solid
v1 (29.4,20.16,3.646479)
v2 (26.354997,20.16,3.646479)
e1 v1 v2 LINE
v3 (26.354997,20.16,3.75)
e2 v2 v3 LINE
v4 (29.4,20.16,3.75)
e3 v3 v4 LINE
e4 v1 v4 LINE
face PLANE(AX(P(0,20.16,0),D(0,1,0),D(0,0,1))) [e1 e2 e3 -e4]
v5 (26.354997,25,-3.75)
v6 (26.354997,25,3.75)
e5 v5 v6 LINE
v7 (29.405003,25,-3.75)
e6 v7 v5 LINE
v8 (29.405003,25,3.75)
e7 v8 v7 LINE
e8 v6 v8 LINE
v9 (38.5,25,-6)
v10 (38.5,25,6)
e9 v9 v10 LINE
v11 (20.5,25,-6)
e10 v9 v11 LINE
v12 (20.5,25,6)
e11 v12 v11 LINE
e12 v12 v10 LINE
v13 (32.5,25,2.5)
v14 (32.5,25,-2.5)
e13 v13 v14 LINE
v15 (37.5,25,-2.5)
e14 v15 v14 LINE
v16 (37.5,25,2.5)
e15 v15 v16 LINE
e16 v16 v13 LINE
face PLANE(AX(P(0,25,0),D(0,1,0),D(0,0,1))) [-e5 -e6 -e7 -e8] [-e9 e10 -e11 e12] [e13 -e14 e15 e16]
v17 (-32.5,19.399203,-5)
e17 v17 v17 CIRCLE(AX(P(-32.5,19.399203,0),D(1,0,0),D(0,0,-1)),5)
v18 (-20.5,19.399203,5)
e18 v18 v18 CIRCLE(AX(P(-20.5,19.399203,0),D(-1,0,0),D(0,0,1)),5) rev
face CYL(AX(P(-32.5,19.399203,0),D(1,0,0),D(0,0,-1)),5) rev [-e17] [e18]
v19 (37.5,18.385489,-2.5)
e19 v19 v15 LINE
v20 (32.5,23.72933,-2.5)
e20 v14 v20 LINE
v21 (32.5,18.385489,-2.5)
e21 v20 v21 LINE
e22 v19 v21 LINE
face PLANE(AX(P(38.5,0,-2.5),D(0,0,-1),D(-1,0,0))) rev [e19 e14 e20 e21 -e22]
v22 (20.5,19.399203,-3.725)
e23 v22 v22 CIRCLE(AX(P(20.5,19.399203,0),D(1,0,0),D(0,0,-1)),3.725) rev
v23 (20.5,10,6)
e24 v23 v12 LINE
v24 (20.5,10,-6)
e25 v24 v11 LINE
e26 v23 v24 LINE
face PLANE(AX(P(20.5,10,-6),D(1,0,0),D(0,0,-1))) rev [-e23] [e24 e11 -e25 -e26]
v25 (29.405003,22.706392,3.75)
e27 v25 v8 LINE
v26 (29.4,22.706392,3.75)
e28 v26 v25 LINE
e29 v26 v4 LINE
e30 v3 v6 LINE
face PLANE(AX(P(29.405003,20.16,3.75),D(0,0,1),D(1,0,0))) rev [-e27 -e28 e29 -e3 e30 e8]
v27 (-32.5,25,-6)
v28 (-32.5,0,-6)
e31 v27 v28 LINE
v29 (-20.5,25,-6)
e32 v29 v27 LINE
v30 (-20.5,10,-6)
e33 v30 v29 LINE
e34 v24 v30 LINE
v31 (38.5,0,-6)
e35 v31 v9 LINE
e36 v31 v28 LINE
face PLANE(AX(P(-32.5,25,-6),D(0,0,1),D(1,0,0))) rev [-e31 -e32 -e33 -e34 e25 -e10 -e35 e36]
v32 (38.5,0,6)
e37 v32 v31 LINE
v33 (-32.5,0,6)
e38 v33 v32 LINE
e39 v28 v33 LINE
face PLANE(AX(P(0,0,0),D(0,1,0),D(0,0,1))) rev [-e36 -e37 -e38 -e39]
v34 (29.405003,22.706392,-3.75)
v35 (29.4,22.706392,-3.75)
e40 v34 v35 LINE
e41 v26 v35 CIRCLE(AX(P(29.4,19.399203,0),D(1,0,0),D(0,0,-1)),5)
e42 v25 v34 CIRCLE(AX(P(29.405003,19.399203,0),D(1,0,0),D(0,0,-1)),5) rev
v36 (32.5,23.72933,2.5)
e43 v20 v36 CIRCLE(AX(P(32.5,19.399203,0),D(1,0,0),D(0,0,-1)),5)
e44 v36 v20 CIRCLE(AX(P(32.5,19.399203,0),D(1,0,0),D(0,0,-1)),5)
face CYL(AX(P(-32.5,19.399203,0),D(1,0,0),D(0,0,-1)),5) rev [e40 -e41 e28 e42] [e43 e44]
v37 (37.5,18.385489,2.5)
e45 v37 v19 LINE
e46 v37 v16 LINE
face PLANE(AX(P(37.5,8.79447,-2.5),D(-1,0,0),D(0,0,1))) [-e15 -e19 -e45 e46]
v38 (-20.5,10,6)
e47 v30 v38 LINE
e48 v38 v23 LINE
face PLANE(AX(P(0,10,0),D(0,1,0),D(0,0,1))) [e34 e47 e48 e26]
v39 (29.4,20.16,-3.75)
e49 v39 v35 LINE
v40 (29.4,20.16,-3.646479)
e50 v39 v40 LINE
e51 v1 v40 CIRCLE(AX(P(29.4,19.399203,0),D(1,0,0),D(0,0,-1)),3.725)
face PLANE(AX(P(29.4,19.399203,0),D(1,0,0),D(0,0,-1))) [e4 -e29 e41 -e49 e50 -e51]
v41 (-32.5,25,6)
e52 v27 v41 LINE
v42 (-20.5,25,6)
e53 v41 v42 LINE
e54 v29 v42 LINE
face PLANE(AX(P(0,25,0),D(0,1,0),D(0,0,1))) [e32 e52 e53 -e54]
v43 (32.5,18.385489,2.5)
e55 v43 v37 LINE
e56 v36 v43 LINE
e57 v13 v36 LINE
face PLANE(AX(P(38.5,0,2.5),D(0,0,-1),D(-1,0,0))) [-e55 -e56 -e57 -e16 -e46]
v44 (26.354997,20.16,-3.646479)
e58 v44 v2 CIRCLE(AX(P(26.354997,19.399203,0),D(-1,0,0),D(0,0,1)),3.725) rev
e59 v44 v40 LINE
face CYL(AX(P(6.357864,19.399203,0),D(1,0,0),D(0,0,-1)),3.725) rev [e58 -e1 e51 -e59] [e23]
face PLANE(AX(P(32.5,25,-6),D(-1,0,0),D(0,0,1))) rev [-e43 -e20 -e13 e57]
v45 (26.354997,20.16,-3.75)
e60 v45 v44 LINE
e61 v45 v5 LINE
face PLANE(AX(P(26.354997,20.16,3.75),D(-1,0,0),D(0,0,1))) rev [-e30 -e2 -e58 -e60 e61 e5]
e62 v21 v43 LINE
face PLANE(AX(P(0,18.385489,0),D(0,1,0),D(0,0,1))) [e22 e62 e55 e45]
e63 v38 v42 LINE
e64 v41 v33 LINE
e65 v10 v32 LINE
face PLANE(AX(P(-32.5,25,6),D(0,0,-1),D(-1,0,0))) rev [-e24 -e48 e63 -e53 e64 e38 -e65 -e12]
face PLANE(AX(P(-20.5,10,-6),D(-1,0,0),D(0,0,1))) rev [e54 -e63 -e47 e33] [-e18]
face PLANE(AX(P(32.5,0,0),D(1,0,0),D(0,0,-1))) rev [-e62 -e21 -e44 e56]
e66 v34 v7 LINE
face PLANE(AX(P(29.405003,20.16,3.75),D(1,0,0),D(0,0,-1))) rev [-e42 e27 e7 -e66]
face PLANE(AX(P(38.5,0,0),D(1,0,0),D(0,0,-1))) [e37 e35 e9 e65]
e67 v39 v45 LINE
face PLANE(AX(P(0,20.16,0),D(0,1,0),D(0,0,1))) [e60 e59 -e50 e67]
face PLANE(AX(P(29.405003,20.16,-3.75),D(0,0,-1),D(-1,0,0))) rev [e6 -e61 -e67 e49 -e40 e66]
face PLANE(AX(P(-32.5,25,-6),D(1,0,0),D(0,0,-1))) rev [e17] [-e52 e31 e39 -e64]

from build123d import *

# Parameters (mm, degrees)
SKETCH1_W           = 65
SKETCH1_H           = 12
BOSS_EXTRUDE1_DEPTH = 25
SKETCH2_R           = 5
CUT_EXTRUDE1_DEPTH  = 70.899928469
SKETCH3_W           = 41
SKETCH3_H           = 12
CUT_EXTRUDE2_DEPTH  = 15
BOSS_EXTRUDE2_START = -3.1
SKETCH5_R           = 5
SKETCH5_R_2         = 3.725
BOSS_EXTRUDE2_DEPTH = 8.9
SKETCH4_W           = 3.0500066
SKETCH4_H           = 7.5
CUT_EXTRUDE3_DEPTH  = 4.84
BOSS_EXTRUDE5_START = 6
BOSS_EXTRUDE5_DEPTH = 6
SKETCH13_W          = 1
SKETCH13_H          = 5
BOSS_EXTRUDE6_DEPTH = 11.106510599
SKETCH14_W          = 5
SKETCH14_H          = 5
BOSS_EXTRUDE7_DEPTH = 4.491999938


with BuildPart() as part:
    # Sketch1 → Boss-Extrude1 (new body)
    with BuildSketch(Plane(origin=(0, 0, 0), x_dir=(1, 0, 0), z_dir=(0, 1, 0))):
        Rectangle(SKETCH1_W, SKETCH1_H)
    extrude(amount=BOSS_EXTRUDE1_DEPTH)

    # Sketch2 → Cut-Extrude1 (cut, through all)
    with BuildSketch(Plane(origin=(32.5, 0, 0), x_dir=(0, 0, -1), z_dir=(1, 0, 0))):
        with Locations((0, 19.399202688)):
            Circle(SKETCH2_R)
    extrude(amount=-CUT_EXTRUDE1_DEPTH, mode=Mode.SUBTRACT)

    # Sketch3 → Cut-Extrude2 (cut)
    with BuildSketch(Plane(origin=(0, 25, 0), x_dir=(1, 0, 0), z_dir=(0, 1, 0))):
        Rectangle(SKETCH3_W, SKETCH3_H)
    extrude(amount=-CUT_EXTRUDE2_DEPTH, mode=Mode.SUBTRACT)

    # Sketch5 → Boss-Extrude2 (add)
    with BuildSketch(Plane(origin=(32.5, 0, 0), x_dir=(0, 0, -1), z_dir=(1, 0, 0)).offset(BOSS_EXTRUDE2_START)):
        with Locations((0, 19.399202688)):
            Circle(SKETCH5_R)
        with Locations((0, 19.399202688)):
            Circle(SKETCH5_R_2, mode=Mode.SUBTRACT)
    extrude(amount=-BOSS_EXTRUDE2_DEPTH)

    # Sketch4 → Cut-Extrude3 (cut)
    with BuildSketch(Plane(origin=(0, 25, 0), x_dir=(1, 0, 0), z_dir=(0, 1, 0))):
        with Locations((27.88, 0)):
            Rectangle(SKETCH4_W, SKETCH4_H)
    extrude(amount=-CUT_EXTRUDE3_DEPTH, mode=Mode.SUBTRACT)

    # Sketch12 → Boss-Extrude5 (add)
    with BuildSketch(Plane(origin=(32.5, 0, 0), x_dir=(0, 0, -1), z_dir=(1, 0, 0)).offset(BOSS_EXTRUDE5_START)):
        with BuildLine():
            Line((-2.5, 25), (-6, 25))
            Line((-6, 25), (-6, 0))
            Line((-6, 0), (6, 0))
            Line((6, 0), (6, 25))
            Line((6, 25), (2.5, 25))
            Line((2.5, 25), (2.5, 23.729329707))
            ThreePointArc((2.5, 23.729329707), (4.330127019, 21.899202688), (5, 19.399202688))
            ThreePointArc((5, 19.399202688), (4.330127019, 16.899202688), (2.5, 15.069075669))
            Line((2.5, 15.069075669), (2.5, 13.893489401))
            Line((2.5, 13.893489401), (-2.5, 13.893489401))
            Line((-2.5, 13.893489401), (-2.5, 15.069075669))
            ThreePointArc((-2.5, 15.069075669), (-5, 19.399202688), (-2.5, 23.729329707))
            Line((-2.5, 23.729329707), (-2.5, 25))
        make_face()
        with BuildLine():
            Line((-2.5, 15.069075669), (-2.5, 23.729329707))
            ThreePointArc((-2.5, 23.729329707), (-5, 19.399202688), (-2.5, 15.069075669))
        make_face()
        with BuildLine():
            ThreePointArc((5, 19.399202688), (4.330127019, 21.899202688), (2.5, 23.729329707))
            Line((2.5, 23.729329707), (2.5, 15.069075669))
            ThreePointArc((2.5, 15.069075669), (4.330127019, 16.899202688), (5, 19.399202688))
        make_face()
    extrude(amount=-BOSS_EXTRUDE5_DEPTH)

    # Sketch13 → Boss-Extrude6 (add)
    with BuildSketch(Plane(origin=(0, 25, 0), x_dir=(1, 0, 0), z_dir=(0, 1, 0))):
        with Locations((38, 0)):
            Rectangle(SKETCH13_W, SKETCH13_H)
    extrude(amount=-BOSS_EXTRUDE6_DEPTH)

    # Sketch14 → Boss-Extrude7 (add)
    with BuildSketch(Plane(origin=(0, 13.893489401, 0), x_dir=(1, 0, 0), z_dir=(0, 1, 0))):
        with Locations((35, 0)):
            Rectangle(SKETCH14_W, SKETCH14_H)
    extrude(amount=BOSS_EXTRUDE7_DEPTH)


solid = part.part
